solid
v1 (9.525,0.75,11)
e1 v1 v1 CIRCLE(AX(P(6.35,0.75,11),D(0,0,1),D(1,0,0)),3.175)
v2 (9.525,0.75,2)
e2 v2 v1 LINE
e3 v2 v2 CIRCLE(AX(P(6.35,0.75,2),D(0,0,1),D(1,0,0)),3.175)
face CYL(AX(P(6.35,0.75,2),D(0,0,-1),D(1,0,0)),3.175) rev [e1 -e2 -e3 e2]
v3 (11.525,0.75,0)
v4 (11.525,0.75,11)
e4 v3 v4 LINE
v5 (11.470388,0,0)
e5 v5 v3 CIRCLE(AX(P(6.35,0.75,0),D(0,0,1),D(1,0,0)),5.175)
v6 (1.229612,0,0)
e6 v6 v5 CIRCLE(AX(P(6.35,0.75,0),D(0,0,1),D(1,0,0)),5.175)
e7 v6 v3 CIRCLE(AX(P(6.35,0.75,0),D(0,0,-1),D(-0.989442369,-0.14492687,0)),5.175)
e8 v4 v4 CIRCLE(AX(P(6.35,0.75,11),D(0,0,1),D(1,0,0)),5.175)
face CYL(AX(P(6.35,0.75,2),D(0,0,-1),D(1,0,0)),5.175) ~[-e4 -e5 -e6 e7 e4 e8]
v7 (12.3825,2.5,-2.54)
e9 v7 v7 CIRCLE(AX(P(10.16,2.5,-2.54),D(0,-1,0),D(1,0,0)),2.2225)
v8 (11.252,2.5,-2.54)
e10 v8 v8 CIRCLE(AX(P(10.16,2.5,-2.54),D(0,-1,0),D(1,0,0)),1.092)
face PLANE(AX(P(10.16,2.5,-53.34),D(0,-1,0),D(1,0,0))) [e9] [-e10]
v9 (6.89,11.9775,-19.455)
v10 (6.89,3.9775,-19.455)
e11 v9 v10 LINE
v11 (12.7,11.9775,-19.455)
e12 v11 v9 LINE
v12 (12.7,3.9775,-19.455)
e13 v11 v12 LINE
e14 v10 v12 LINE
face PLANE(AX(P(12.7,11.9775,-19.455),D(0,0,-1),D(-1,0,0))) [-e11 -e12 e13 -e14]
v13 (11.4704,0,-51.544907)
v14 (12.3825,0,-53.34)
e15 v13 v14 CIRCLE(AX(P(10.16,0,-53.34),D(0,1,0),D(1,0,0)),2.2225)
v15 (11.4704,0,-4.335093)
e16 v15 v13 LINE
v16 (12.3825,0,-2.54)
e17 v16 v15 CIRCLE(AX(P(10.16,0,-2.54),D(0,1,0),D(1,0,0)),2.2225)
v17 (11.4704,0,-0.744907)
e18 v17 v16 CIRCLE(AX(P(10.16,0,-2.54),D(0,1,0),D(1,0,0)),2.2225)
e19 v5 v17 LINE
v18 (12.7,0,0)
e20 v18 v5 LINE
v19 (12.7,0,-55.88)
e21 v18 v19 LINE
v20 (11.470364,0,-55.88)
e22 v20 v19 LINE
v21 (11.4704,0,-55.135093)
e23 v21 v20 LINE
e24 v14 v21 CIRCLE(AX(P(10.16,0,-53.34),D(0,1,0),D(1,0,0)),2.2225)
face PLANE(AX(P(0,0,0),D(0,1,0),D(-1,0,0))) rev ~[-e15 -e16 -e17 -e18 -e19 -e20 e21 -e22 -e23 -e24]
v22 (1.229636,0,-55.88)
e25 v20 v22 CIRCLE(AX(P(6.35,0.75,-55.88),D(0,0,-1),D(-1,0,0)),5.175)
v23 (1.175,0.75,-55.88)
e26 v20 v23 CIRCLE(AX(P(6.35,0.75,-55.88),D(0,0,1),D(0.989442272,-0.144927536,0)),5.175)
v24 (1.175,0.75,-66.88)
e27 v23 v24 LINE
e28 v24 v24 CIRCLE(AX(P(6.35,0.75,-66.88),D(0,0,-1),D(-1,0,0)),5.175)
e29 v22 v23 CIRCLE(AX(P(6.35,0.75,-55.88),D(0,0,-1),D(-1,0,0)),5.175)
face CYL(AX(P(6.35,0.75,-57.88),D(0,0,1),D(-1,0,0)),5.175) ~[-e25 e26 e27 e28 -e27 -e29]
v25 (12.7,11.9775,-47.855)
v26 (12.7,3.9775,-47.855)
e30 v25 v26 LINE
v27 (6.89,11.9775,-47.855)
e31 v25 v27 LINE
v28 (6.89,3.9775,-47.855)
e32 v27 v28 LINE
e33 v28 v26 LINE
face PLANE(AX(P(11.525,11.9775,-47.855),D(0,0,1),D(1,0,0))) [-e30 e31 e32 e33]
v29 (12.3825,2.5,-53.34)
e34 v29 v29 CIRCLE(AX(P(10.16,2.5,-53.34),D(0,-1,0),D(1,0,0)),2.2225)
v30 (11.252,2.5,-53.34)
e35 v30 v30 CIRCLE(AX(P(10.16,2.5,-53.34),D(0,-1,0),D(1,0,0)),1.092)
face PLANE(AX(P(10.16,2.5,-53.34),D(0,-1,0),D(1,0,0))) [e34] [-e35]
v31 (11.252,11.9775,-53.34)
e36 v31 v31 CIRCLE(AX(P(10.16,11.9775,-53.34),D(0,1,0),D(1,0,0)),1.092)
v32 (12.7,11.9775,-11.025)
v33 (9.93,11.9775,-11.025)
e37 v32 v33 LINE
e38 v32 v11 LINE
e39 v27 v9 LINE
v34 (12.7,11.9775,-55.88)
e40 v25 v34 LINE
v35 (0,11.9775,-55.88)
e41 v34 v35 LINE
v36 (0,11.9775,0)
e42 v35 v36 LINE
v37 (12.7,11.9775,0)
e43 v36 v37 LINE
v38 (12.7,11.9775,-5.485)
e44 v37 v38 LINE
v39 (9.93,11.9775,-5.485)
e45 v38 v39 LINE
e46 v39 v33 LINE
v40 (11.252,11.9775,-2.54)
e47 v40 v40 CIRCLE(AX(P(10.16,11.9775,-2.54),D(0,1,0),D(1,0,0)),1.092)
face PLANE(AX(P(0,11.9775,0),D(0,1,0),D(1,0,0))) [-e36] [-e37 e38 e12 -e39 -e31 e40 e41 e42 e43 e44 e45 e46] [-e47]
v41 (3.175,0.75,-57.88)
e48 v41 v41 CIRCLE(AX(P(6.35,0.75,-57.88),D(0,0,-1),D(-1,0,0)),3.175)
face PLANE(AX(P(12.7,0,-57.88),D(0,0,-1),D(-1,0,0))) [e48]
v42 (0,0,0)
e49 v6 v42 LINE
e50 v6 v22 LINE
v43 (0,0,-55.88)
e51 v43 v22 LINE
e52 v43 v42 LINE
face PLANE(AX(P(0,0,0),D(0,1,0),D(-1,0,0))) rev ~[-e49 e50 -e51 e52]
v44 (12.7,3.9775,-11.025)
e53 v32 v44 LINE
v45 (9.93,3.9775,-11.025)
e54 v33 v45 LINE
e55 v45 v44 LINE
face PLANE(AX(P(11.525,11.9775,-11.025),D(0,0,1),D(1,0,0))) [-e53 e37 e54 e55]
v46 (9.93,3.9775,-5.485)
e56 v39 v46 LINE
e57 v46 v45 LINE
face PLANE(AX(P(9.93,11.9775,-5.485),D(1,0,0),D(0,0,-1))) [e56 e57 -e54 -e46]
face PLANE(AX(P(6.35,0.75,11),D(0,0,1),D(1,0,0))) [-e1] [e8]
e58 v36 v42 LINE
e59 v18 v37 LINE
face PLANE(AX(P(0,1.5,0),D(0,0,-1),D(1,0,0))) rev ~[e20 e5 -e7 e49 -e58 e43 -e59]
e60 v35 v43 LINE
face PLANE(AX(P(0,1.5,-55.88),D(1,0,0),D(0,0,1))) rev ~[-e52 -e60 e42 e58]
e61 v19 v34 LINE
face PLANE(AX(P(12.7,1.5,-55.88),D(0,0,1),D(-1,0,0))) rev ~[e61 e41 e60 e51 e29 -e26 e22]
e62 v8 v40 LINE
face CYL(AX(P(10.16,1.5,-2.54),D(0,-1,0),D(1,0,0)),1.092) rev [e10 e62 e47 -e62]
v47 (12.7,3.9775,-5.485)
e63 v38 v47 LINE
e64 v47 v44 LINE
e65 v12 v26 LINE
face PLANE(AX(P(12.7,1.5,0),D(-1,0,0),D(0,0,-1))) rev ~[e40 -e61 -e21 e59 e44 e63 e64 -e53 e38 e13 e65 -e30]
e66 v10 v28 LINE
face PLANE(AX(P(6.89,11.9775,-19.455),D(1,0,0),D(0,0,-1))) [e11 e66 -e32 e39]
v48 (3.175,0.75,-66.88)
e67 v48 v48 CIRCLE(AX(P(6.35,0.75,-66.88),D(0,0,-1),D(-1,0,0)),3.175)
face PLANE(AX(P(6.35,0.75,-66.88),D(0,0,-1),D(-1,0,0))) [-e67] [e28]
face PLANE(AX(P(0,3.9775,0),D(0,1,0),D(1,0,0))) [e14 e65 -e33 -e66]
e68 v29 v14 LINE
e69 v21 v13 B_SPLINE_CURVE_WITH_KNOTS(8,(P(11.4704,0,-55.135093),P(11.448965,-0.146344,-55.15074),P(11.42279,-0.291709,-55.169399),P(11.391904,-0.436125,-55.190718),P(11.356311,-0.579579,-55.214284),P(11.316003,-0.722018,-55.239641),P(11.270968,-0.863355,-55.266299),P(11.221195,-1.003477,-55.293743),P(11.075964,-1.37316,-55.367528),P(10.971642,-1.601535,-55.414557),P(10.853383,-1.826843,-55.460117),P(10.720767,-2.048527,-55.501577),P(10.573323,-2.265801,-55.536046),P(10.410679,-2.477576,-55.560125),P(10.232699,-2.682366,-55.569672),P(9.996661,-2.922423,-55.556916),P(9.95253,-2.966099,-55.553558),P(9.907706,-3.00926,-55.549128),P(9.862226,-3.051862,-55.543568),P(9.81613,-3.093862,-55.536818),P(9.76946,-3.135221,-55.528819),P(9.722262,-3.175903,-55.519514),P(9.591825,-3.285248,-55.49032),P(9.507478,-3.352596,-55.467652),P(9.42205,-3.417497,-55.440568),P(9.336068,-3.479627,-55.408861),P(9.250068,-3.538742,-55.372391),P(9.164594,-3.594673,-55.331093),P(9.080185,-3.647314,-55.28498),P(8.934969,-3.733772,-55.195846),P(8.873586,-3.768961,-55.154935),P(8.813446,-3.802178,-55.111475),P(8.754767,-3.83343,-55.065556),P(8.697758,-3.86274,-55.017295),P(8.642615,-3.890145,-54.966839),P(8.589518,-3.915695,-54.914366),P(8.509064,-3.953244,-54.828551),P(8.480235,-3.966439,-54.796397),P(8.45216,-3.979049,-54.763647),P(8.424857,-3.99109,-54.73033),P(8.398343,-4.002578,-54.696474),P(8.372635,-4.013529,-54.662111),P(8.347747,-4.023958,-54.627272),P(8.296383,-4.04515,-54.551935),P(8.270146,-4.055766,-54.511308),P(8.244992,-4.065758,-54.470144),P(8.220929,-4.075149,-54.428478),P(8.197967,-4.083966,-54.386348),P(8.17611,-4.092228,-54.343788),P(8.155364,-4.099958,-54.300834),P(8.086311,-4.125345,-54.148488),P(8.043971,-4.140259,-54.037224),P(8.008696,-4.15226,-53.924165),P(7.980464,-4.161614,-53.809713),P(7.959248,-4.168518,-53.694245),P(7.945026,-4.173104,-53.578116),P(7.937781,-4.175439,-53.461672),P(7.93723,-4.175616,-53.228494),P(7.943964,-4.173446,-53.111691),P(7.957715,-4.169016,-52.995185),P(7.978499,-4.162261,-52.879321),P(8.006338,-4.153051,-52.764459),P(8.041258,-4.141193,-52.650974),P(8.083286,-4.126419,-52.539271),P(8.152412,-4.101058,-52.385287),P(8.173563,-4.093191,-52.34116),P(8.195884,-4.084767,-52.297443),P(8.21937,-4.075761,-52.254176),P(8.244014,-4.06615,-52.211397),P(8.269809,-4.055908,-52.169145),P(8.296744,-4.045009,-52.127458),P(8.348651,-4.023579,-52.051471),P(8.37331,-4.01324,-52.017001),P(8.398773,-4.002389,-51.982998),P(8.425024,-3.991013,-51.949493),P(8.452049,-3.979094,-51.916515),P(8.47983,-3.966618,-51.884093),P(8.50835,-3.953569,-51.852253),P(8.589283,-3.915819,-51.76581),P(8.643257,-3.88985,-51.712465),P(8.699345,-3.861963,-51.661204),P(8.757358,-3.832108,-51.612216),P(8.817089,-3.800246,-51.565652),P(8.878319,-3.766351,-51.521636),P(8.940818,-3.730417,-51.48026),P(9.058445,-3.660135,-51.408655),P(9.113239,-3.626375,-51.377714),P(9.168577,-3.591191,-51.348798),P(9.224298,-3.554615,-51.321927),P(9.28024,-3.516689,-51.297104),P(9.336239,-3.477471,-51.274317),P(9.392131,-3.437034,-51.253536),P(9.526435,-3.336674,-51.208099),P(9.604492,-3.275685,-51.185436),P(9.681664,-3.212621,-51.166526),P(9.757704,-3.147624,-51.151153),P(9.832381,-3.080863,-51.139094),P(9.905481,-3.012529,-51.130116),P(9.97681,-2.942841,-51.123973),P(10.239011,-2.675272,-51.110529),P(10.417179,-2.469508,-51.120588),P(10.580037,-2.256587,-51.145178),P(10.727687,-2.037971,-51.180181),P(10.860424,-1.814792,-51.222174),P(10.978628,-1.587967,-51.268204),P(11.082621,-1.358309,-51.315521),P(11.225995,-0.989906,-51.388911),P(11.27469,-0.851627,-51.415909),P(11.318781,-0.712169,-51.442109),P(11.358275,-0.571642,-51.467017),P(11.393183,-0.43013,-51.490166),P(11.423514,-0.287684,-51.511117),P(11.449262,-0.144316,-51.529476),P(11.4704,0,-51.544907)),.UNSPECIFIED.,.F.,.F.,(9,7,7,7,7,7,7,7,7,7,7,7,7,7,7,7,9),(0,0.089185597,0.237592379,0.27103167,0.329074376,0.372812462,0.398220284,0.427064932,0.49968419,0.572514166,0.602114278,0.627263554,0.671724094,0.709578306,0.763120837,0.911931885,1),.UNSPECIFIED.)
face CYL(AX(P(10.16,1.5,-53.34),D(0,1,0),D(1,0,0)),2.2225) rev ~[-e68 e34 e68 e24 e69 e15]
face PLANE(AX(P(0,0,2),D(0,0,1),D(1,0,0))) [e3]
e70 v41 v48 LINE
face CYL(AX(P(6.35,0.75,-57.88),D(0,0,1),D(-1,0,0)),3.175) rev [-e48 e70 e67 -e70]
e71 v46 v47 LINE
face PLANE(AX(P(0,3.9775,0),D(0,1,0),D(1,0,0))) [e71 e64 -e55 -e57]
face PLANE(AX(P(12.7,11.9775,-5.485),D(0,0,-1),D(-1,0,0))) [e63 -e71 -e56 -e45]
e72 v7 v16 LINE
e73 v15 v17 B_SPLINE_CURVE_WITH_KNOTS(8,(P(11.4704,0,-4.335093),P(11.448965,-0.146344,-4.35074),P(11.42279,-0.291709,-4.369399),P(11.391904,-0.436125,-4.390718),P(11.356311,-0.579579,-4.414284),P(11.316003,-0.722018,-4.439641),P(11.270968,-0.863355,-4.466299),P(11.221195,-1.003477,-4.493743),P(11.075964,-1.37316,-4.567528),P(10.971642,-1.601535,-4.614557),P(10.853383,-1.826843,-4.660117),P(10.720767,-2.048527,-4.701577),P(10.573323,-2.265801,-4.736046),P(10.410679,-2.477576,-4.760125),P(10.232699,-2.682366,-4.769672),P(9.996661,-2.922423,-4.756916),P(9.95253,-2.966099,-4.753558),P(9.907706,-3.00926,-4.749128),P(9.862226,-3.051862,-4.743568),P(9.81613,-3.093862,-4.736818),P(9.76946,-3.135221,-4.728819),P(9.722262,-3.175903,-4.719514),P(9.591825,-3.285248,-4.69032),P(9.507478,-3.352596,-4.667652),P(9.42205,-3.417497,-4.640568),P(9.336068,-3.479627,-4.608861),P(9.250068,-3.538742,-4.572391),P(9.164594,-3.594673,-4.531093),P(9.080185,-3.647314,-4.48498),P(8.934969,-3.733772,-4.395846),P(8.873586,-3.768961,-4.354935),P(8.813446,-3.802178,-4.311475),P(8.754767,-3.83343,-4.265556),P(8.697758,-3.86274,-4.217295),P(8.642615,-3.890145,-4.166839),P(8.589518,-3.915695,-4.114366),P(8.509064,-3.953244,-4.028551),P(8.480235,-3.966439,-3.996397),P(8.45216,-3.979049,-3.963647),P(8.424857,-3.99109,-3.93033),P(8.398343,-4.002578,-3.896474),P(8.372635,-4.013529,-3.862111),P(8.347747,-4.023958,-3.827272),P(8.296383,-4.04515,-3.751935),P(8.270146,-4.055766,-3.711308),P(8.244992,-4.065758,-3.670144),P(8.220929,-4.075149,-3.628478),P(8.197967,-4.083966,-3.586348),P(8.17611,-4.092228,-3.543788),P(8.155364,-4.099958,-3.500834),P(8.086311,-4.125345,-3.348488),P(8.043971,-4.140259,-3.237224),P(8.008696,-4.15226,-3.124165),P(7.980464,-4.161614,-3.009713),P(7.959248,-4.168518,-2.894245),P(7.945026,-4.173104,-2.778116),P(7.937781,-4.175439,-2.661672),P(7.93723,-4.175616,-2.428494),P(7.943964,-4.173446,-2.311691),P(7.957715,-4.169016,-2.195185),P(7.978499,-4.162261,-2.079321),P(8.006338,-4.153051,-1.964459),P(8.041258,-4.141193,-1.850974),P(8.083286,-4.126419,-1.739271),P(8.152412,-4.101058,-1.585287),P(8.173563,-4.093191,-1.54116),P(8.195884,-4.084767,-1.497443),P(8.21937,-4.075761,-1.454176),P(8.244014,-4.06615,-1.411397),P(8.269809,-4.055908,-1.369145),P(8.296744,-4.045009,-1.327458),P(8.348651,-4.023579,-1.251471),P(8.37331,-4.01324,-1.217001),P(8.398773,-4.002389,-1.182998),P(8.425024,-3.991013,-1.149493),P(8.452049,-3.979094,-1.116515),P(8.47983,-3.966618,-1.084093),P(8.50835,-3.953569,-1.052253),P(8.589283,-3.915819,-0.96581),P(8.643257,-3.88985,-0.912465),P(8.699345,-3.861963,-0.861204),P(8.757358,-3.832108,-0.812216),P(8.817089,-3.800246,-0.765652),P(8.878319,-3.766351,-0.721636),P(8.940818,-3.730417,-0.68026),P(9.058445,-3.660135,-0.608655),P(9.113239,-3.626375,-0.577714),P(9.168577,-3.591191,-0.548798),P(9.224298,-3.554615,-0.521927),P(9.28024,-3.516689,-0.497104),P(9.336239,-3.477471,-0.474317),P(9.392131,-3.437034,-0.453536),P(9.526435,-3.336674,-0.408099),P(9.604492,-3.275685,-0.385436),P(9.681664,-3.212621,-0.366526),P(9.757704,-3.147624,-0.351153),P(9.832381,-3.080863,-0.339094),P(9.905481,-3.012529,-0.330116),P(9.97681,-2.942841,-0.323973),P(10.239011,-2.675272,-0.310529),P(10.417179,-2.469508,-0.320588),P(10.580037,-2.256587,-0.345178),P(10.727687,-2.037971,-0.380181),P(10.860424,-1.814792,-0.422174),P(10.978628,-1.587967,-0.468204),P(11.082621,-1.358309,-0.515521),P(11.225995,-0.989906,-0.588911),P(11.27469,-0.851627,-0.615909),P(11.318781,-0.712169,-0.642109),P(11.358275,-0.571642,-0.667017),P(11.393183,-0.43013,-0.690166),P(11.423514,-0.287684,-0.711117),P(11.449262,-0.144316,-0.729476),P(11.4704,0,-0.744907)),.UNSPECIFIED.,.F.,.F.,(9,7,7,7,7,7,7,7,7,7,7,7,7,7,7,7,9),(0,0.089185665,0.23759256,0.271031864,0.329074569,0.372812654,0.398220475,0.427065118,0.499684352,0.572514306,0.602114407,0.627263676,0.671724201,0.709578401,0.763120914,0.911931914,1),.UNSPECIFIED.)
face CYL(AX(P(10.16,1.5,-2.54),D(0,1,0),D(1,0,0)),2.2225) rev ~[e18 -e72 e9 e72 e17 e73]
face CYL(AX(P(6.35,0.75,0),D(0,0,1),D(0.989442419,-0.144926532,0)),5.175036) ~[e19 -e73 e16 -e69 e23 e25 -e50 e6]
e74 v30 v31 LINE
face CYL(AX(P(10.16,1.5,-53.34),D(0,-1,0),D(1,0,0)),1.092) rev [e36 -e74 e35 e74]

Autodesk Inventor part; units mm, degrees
ref_plane "YZ Plane" through (0, 0, 0) normal (1, 0, 0) x (0, 1, 0)
ref_plane "XZ Plane" through (0, 0, 0) normal (0, 1, 0) x (-1, 0, 0)
ref_plane "XY Plane" through (0, 0, 0) normal (0, 0, 1) x (1, 0, 0)
sketch "Sketch1" plane through (0, 0, 0) normal (0, 1, 0) x (-1, 0, 0)
  line L0 (0, -55.88) -> (-12.7, -55.88)
  line L1 (-12.7, 0) -> (0, 0)
  line L2 (0, 0) -> (0, -20.94)
  line L3 (0, -34.94) -> (0, -55.88)
  line L4 (-12.7, -55.88) -> (-12.7, -34.94)
  line L5 (-12.7, -20.94) -> (-12.7, 0)
  line L6 (0, -20.94) -> (0, -34.94)
  line L7 (-12.7, -20.94) -> (-12.7, -34.94)
  dimension "d1" = 55.88
  dimension "d2" = 12.7
extrude "Extrusion1" add sketch "Sketch1" along normal blind 1.5
sketch "Sketch2" plane through (0, 1.5, 0) normal (0, 1, 0) x (1, 0, 0)
  line L0 (12.7, 0) -> (12.7, 55.88) projected
  line L1 (12.7, 0) -> (10.16, 0)
  line L2 (12.7, 2.54) -> (12.7, 0)
  circle A0 centre (10.16, 2.54) radius 1.092
  circle A1 centre (10.16, 53.34) radius 1.092
  point P0 (0, 0)
  dimension "d8" = 2.184
  dimension "d10" = 2.184
extrude "Extrusion2" cut sketch "Sketch2" against normal blind 1.5
sketch "Sketch5" plane through (0, 0, 0) normal (0, 0, 1) x (1, 0, 0)
  line L0 (12.7, 0) -> (0, 0) projected
  line L1 (6.35, 0) -> (6.35, 1.5)
  line L2 (12.7, 1.5) -> (0, 1.5) projected
  line L3 (0, 0) -> (0, 1.5) projected
  line L4 (0, 0.75) -> (12.7, 0.75)
  line L5 (12.7, 0) -> (12.7, 1.5) projected
  circle A0 centre (6.35, 0.75) radius 5.175
  dimension "d30" = 10.35
extrude "Extrusion5" add sketch "Sketch5" along normal blind 2 contours A0 L0 | L0 L1 L4 A0 | L0 A0 L4 L1 | L4 L1 L2 A0 | L4 A0 L2 L1 | L2 A0
sketch "Sketch6" plane through (6.35, 0.75, 2) normal (0, 0, 1) x (1, 0, 0)
  circle A0 centre (0, 0) radius 5.175
  circle A1 centre (0, 0) radius 3.175
  point P0 (-6.35, -0.75)
  dimension "d35" = 6.35
extrude "Extrusion6" add sketch "Sketch6" along normal blind 9
sketch "Sketch7" plane through (12.7, 0, -55.88) normal (0, 0, -1) x (-1, 0, 0)
  line L0 (0, 0) -> (0, 1.5) projected
  line L1 (0, 0.75) -> (12.7, 0.75)
  line L2 (12.7, 0) -> (12.7, 1.5) projected
  line L3 (11.4704, 1.5) -> (1.2296, 1.5) projected
  line L4 (6.35, 1.5) -> (6.35, 0)
  circle A0 centre (6.35, 0.75) radius 5.175
extrude "Extrusion7" add sketch "Sketch7" along normal blind 2
sketch "Sketch8" plane through (6.35, 0.75, -57.88) normal (0, 0, -1) x (-1, 0, 0)
  circle A0 centre (0, 0) radius 5.175
  circle A1 centre (0, 0) radius 3.175
  point P0 (6.35, -0.75)
  dimension "d40" = 6.35
extrude "Extrusion8" add sketch "Sketch8" along normal blind 9
thread "Thread1" size "1/4-20 UNC" class "2B" standard "ANSI Unified Screw Threads" full length
thread "Thread2" size "1/4-20 UNC" class "2B" standard "ANSI Unified Screw Threads" full length
sketch "Sketch9" plane through (0, 0, 0) normal (0, 0, -1) x (-1, 0, 0)
  arc A0 (-11.4704, 0) -> (-1.2296, 0) centre (-6.35, 0.75) ccw projected
  line L0 (0, 0) -> (-1.2296, 0) projected
  line L1 (-11.4704, 0) -> (-1.2296, 0)
  circle A1 centre (-6.35, 0.75) radius 5.175
extrude "Extrusion9" add sketch "Sketch9" along normal up to next contours L1 A0
sketch "Sketch10" plane through (10.16, 0, -2.54) normal (0, 1, 0) x (1, 0, 0)
  circle A0 centre (0, 0) radius 1.092
  circle A1 centre (0, 50.8) radius 1.092 projected
  circle A2 centre (0, 50.8) radius 1.092
  point P0 (-10.16, -2.54)
  dimension "d60" = 2.184
extrude "Extrusion10" cut sketch "Sketch10" against normal up to next
sketch "Sketch12" plane through (0, 1.5, 0) normal (0, 1, 0) x (1, 0, 0)
  circle A0 centre (10.16, 2.54) radius 1.092 projected
  circle A1 centre (10.16, 2.54) radius 1.092
  circle A2 centre (10.16, 2.54) radius 2.2225
  circle A3 centre (10.16, 53.34) radius 1.092 projected
  circle A4 centre (10.16, 53.34) radius 1.092
  circle A5 centre (10.16, 53.34) radius 2.2225
  point P0 (0, 0)
  dimension "d54" = 4.445
  dimension "d55" = 4.445
extrude "Extrusion11" cut sketch "Sketch12" against normal blind 5.925
sketch "Sketch13" plane through (0, 1.5, 0) normal (0, 1, 0) x (1, 0, 0)
  line L0 (12.7, 0) -> (12.7, 55.88) projected
  line L1 (12.7, 55.88) -> (0, 55.88)
  line L2 (0, 55.88) -> (0, 0)
  line L3 (0, 0) -> (12.7, 0)
  line L4 (12.7, 0) -> (12.7, 55.88)
  circle A0 centre (10.16, 53.34) radius 1.092 projected
  circle A1 centre (10.16, 53.34) radius 1.092
  circle A2 centre (10.16, 2.54) radius 1.092 projected
  circle A3 centre (10.16, 2.54) radius 1.092
extrude "Extrusion12" add sketch "Sketch13" along normal blind 10.4775
thread "Thread5" size "2-56 UNC" class "2B" standard "ANSI Unified Screw Threads" full length
thread "Thread6" size "2-56 UNC" class "2B" standard "ANSI Unified Screw Threads" full length
sketch "Sketch14" plane through (10.16, 1.5, -53.34) normal (0, -1, 0) x (1, 0, 0)
  circle A0 centre (0, 0) radius 1.092 projected
  circle A1 centre (0, 0) radius 2.2225
  circle A2 centre (0, 50.8) radius 2.2225 projected
  circle A3 centre (0, 50.8) radius 2.2225
  circle A4 centre (0, 0) radius 1.092
  circle A5 centre (0, 50.8) radius 1.092
  point P0 (-10.16, 53.34)
extrude "Extrusion13" cut sketch "Sketch14" against normal blind 1
sketch "Sketch15" plane through (0, 11.9775, 0) normal (0, 1, 0) x (1, 0, 0)
  line L0 (12.7, 0) -> (12.7, 6.985)
  line L1 (12.7, 0) -> (12.7, 55.88) projected
  line L2 (12.7, 0) -> (19.685, 0) construction
  line L3 (11.525, -11) -> (11.525, 66.88) projected
  line L4 (11.43, 6.985) -> (13.97, 6.985) construction
  line L5 (11.43, 6.985) -> (12.43, 6.985) construction
  line L6 (11.43, 9.525) -> (12.43, 9.525) construction
  line L7 (12.7, 5.985) -> (12.7, 10.525)
  line L8 (12.7, 5.985) -> (12.7, 5.485)
  line L9 (12.7, 5.485) -> (9.93, 5.485)
  line L10 (9.93, 5.485) -> (9.93, 11.025)
  line L11 (9.93, 11.025) -> (12.7, 11.025)
  line L12 (12.7, 11.025) -> (12.7, 10.525)
  point P0 (0, 0)
  dimension "d72" = 90
  dimension "d130" = 0.5
  dimension "d131" = 2.77
  dimension "d132" = 5.54
extrude "Extrusion14" cut sketch "Sketch15" against normal blind 8
sketch "Sketch16" plane through (0, 11.9775, 0) normal (0, 1, 0) x (1, 0, 0)
  line L0 (12.7, 0) -> (12.7, 55.88) projected
  line L1 (12.7, 40.234) -> (13.97, 40.234) construction
  line L2 (0, 0) -> (12.7, 0) projected
  line L3 (11.43, 0) -> (40.005, 0) construction
  line L4 (11.525, -11) -> (11.525, 66.88) projected
  line L5 (11.43, 28.575) -> (13.97, 28.575) construction
  line L6 (11.43, 46.355) -> (12.43, 46.355) construction
  line L7 (11.43, 28.575) -> (13.97, 28.575) construction
  line L8 (11.43, 20.955) -> (12.43, 20.955) construction
  line L9 (6.89, 19.955) -> (6.89, 47.355)
  line L10 (12.7, 47.355) -> (12.7, 19.955)
  line L11 (6.89, 47.355) -> (6.89, 47.855)
  line L12 (6.89, 47.855) -> (12.7, 47.855)
  line L13 (12.7, 47.855) -> (12.7, 47.355)
  line L14 (12.7, 19.955) -> (12.7, 19.455)
  line L15 (12.7, 0) -> (12.7, 55.88) projected
  line L16 (12.7, 19.455) -> (6.89, 19.455)
  line L17 (6.89, 19.455) -> (6.89, 19.955)
  point P0 (12.7, 10.525)
  dimension "d123" = 5.81
  dimension "d129" = 28.4
extrude "Extrusion15" cut sketch "Sketch16" against normal blind 8 contours L16 L4 L12 L0 | L16 L17 L9 L11 L12 L4
properties part number "Line Sensor 6 Bracket"
